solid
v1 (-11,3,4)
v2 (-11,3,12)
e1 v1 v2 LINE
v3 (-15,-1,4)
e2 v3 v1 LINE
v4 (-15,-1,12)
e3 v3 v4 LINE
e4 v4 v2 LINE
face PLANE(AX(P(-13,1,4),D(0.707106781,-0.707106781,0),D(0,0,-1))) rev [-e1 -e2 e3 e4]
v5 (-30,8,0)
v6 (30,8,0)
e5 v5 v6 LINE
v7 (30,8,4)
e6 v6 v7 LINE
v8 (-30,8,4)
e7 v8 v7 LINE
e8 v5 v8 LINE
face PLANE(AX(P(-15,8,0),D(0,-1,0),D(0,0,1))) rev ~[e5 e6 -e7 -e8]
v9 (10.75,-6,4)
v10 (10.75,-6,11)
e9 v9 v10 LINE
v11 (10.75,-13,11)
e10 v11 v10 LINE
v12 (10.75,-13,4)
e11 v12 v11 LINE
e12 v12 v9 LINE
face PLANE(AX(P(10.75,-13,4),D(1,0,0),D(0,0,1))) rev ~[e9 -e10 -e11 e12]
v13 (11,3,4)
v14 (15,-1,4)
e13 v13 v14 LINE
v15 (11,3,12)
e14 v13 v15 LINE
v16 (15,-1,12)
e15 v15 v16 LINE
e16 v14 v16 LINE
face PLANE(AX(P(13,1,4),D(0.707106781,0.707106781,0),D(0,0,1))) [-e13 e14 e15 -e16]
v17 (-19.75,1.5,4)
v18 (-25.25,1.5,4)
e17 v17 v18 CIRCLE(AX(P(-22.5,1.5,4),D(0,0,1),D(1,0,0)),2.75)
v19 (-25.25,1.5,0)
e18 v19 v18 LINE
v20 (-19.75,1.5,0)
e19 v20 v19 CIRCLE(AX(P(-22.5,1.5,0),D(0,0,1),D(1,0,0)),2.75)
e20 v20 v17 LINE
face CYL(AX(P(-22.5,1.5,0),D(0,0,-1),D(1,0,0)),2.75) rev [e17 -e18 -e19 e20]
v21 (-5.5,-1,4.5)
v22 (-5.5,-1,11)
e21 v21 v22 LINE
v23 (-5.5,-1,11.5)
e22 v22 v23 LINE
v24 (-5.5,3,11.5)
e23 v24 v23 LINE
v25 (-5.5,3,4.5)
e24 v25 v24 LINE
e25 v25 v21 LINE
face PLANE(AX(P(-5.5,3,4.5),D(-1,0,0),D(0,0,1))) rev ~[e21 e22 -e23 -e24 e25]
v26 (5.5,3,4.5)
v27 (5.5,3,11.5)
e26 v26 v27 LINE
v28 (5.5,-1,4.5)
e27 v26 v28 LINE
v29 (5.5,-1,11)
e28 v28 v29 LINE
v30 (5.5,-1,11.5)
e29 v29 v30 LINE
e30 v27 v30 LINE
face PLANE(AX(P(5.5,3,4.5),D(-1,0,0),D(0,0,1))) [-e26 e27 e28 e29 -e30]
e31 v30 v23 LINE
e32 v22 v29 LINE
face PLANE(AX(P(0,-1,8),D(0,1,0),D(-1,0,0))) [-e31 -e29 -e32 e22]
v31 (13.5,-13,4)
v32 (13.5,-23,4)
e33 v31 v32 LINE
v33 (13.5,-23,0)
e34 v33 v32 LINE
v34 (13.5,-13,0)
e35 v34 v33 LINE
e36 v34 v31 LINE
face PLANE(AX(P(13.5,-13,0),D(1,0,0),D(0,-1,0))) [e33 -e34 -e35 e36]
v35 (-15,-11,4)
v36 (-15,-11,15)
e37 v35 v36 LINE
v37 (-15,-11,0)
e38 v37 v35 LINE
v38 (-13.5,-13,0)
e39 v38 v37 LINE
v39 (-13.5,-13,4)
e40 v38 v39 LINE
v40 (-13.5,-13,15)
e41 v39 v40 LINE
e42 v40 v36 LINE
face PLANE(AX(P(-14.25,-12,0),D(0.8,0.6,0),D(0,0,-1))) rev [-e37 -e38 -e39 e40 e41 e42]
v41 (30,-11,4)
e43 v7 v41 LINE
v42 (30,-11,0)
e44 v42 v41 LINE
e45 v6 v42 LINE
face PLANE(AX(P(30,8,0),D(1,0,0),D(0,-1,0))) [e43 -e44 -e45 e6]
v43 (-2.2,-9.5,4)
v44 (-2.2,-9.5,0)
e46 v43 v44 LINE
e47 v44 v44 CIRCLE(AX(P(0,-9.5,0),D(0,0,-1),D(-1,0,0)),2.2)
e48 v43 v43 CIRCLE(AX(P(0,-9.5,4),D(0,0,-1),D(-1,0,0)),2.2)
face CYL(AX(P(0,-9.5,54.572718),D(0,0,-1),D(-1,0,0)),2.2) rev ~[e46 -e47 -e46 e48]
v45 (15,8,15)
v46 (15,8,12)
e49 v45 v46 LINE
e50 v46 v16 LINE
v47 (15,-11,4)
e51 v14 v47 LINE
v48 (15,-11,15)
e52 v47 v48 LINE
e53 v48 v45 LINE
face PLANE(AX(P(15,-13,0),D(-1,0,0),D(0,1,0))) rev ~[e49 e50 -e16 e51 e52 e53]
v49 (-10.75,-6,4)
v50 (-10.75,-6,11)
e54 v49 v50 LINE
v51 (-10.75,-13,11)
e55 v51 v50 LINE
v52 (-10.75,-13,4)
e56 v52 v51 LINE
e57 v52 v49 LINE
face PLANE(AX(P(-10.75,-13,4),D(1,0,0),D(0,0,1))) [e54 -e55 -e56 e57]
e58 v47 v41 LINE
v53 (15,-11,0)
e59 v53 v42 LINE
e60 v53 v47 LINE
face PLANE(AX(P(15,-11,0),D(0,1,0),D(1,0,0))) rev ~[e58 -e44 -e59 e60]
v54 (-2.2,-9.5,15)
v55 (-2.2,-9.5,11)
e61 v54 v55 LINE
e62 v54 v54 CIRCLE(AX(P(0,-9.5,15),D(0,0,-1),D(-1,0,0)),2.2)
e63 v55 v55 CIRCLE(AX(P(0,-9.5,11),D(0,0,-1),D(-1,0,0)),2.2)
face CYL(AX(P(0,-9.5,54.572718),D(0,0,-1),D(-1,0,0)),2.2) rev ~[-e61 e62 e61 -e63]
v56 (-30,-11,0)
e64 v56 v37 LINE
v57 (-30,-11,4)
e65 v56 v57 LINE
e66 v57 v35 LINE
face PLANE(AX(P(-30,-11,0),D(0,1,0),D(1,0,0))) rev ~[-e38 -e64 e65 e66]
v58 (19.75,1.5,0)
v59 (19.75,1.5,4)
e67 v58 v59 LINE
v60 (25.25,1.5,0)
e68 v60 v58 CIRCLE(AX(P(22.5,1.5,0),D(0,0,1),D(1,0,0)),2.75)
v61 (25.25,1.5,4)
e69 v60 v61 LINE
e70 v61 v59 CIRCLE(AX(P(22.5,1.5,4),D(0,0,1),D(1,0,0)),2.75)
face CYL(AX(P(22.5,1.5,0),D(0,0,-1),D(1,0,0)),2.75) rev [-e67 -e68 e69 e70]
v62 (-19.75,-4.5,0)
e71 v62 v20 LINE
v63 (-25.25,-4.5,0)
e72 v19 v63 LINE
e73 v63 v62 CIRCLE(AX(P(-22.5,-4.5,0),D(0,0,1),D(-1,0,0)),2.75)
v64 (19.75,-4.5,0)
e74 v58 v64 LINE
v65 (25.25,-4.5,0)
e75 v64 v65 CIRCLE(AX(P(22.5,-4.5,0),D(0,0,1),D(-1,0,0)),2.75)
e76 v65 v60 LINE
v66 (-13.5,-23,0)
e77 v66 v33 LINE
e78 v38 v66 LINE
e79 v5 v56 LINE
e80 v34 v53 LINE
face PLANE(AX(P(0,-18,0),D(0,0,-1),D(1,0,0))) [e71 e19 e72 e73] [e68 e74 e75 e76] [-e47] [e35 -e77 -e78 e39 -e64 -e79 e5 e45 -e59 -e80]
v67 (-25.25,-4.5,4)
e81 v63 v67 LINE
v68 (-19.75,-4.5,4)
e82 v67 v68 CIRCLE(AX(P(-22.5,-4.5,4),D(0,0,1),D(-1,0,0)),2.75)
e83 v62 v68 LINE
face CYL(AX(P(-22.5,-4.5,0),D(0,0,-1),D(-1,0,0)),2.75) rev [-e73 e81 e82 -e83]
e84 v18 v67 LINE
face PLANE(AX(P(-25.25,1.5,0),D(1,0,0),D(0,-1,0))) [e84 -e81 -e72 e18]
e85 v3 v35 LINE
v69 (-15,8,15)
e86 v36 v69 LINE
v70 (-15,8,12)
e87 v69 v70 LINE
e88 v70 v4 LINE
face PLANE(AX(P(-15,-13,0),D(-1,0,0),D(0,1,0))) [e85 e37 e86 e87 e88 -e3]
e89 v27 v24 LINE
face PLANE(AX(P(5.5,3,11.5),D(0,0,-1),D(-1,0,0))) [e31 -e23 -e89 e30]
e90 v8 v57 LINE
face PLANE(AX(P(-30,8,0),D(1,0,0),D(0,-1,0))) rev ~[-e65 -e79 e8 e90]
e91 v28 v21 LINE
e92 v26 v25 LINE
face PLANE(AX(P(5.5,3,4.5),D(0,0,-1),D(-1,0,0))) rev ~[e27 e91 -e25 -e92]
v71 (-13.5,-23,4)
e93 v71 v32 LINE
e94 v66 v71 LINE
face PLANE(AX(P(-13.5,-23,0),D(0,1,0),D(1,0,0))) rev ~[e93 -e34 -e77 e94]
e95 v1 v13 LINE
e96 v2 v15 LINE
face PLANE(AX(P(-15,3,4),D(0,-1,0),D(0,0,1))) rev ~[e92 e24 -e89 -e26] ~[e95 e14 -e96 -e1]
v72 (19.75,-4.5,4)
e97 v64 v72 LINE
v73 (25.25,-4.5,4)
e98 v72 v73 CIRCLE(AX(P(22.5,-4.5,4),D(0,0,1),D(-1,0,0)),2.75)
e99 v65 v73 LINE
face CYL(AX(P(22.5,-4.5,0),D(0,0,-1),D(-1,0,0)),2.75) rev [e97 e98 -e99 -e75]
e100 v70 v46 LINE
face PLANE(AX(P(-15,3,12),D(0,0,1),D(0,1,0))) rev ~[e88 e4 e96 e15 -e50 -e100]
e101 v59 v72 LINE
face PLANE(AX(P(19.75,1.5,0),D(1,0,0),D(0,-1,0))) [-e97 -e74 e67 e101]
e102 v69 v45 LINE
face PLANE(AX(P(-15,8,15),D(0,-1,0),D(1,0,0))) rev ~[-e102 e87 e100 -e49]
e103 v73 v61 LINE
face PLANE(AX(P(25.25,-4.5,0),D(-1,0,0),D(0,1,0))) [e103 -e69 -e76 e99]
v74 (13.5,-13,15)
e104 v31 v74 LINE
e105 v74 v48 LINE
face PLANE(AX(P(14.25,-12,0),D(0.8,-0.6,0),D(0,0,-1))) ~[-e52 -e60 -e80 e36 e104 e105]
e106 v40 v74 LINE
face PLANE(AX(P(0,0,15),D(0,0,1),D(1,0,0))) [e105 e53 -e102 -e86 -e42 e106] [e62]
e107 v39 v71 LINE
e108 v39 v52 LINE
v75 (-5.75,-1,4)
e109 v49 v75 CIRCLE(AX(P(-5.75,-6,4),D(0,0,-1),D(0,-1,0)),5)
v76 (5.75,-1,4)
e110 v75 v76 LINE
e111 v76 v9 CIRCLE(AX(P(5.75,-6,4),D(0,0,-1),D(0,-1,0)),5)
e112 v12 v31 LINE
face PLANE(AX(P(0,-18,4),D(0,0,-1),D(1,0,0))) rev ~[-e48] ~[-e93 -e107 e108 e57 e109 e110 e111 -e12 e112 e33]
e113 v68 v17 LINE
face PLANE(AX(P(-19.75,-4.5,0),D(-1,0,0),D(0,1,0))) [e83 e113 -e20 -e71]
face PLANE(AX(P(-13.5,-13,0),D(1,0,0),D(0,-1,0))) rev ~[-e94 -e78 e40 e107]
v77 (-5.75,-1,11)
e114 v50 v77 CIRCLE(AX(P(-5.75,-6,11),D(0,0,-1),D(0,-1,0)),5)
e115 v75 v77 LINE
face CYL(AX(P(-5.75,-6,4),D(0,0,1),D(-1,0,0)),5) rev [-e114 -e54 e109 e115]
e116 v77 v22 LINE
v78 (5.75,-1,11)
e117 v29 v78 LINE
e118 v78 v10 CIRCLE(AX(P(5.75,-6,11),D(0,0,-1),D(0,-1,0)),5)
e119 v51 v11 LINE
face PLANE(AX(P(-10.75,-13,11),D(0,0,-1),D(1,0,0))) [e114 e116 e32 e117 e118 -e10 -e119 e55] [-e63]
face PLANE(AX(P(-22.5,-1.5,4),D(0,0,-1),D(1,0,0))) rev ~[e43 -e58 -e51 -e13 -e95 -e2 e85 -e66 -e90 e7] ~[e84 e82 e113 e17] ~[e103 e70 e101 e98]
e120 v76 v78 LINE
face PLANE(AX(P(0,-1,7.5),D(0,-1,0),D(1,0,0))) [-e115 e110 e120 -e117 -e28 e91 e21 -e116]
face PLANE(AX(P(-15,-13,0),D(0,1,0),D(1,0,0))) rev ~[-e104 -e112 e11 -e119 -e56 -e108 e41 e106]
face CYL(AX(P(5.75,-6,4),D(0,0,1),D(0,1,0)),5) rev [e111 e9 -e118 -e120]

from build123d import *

# Parameters (mm, degrees)
F0_W      = 30
F0_H      = 26
F1_DEPTH  = 15
F3_SIZE2  = 2
F3_SIZE   = 1.5
F5_DEPTH  = 30.001
F6_SIZE   = 4
F2_W      = 21.5
F2_H      = 7
F7_DEPTH  = 12
F8_W      = 11
F8_H      = 7
F9_DEPTH  = 4
F10_R     = 5
F11_R     = 5
F12_W     = 30
F12_H     = 5
F13_DEPTH = 15.001
F15_D     = 4.4
F16_W     = 27
F16_H     = 10
F16_W_2   = 15
F16_H_2   = 19
F17_DEPTH = 4


with BuildPart() as f1:
    # F0 (on Top) → F1 (new body)
    with BuildSketch(Plane.XY):
        Rectangle(F0_W, F0_H)
    extrude(amount=F1_DEPTH)

    # F3
    f3_edges = [f1.edges().sort_by_distance(p)[0] for p in [
        (-15, -13, 7.5),
        (15, -13, 7.5),
    ]]
    f3_side = f1.faces().sort_by_distance((0, -13, 7.5))[0]
    chamfer(f3_edges, length=F3_SIZE, length2=F3_SIZE2, reference=f3_side)

    # F4 (on face) → F5 (cut, through all)
    with BuildSketch(Plane(origin=(-15, 0, 0), x_dir=(0, -1, 0), z_dir=(-1, 0, 0))):
        Polygon((-13, 12), (-13, 0), (-8, 0), (-8, 4), (-3, 4), (-3, 12), align=None)
    extrude(amount=-F5_DEPTH, mode=Mode.SUBTRACT)

    # F6
    f6_edges = [f1.edges().sort_by_distance(p)[0] for p in [
        (-15, 3, 8),
        (15, 3, 8),
    ]]
    chamfer(f6_edges, length=F6_SIZE)

    # F2 (on face) → F7 (cut)
    with BuildSketch(Plane.XZ.offset(13)):
        with Locations((0, 7.5)):
            Rectangle(F2_W, F2_H)
    extrude(amount=-F7_DEPTH, mode=Mode.SUBTRACT)

    # F8 (on face) → F9 (cut)
    with BuildSketch(Plane(origin=(0, 3, 0), x_dir=(-1, 0, 0), z_dir=(0, 1, 0))):
        with Locations((0, 8)):
            Rectangle(F8_W, F8_H)
    extrude(amount=-F9_DEPTH, mode=Mode.SUBTRACT)

    # F10
    f10_edges = [f1.edges().sort_by_distance(p)[0] for p in [
        (-10.75, -1, 7.5),
    ]]
    fillet(f10_edges, radius=F10_R)

    # F11
    f11_edges = [f1.edges().sort_by_distance(p)[0] for p in [
        (10.75, -1, 7.5),
    ]]
    fillet(f11_edges, radius=F11_R)

    # F12 (on face) → F13 (cut, through all)
    with BuildSketch(Plane.XY.offset(15)):
        with Locations((0, 10.5)):
            Rectangle(F12_W, F12_H)
    extrude(amount=-F13_DEPTH, mode=Mode.SUBTRACT)

    # F15 (through all)
    with Locations(Plane.XY.offset(15)):
        with Locations((0, -9.5)):
            Hole(F15_D / 2)

    # F16 (on face) → F17 (join)
    with BuildSketch(Plane(origin=(0, 0, 0), x_dir=(1, 0, 0), z_dir=(0, 0, -1))):
        with Locations((0, 18)):
            Rectangle(F16_W, F16_H)
        with Locations((22.5, 1.5)):
            Rectangle(F16_W_2, F16_H_2)
        with BuildLine():
            Line((19.75, -1.5), (19.75, 4.5))
            ThreePointArc((19.75, 4.5), (22.5, 7.25), (25.25, 4.5))
            Line((25.25, 4.5), (25.25, -1.5))
            ThreePointArc((25.25, -1.5), (22.5, -4.25), (19.75, -1.5))
        make_face(mode=Mode.SUBTRACT)
        with Locations((-22.5, 1.5)):
            Rectangle(F16_W_2, F16_H_2)
        with BuildLine():
            ThreePointArc((-25.25, 4.5), (-22.5, 7.25), (-19.75, 4.5))
            Line((-19.75, 4.5), (-19.75, -1.5))
            ThreePointArc((-19.75, -1.5), (-22.5, -4.25), (-25.25, -1.5))
            Line((-25.25, -1.5), (-25.25, 4.5))
        make_face(mode=Mode.SUBTRACT)
    extrude(amount=-F17_DEPTH)


solid = f1.part
